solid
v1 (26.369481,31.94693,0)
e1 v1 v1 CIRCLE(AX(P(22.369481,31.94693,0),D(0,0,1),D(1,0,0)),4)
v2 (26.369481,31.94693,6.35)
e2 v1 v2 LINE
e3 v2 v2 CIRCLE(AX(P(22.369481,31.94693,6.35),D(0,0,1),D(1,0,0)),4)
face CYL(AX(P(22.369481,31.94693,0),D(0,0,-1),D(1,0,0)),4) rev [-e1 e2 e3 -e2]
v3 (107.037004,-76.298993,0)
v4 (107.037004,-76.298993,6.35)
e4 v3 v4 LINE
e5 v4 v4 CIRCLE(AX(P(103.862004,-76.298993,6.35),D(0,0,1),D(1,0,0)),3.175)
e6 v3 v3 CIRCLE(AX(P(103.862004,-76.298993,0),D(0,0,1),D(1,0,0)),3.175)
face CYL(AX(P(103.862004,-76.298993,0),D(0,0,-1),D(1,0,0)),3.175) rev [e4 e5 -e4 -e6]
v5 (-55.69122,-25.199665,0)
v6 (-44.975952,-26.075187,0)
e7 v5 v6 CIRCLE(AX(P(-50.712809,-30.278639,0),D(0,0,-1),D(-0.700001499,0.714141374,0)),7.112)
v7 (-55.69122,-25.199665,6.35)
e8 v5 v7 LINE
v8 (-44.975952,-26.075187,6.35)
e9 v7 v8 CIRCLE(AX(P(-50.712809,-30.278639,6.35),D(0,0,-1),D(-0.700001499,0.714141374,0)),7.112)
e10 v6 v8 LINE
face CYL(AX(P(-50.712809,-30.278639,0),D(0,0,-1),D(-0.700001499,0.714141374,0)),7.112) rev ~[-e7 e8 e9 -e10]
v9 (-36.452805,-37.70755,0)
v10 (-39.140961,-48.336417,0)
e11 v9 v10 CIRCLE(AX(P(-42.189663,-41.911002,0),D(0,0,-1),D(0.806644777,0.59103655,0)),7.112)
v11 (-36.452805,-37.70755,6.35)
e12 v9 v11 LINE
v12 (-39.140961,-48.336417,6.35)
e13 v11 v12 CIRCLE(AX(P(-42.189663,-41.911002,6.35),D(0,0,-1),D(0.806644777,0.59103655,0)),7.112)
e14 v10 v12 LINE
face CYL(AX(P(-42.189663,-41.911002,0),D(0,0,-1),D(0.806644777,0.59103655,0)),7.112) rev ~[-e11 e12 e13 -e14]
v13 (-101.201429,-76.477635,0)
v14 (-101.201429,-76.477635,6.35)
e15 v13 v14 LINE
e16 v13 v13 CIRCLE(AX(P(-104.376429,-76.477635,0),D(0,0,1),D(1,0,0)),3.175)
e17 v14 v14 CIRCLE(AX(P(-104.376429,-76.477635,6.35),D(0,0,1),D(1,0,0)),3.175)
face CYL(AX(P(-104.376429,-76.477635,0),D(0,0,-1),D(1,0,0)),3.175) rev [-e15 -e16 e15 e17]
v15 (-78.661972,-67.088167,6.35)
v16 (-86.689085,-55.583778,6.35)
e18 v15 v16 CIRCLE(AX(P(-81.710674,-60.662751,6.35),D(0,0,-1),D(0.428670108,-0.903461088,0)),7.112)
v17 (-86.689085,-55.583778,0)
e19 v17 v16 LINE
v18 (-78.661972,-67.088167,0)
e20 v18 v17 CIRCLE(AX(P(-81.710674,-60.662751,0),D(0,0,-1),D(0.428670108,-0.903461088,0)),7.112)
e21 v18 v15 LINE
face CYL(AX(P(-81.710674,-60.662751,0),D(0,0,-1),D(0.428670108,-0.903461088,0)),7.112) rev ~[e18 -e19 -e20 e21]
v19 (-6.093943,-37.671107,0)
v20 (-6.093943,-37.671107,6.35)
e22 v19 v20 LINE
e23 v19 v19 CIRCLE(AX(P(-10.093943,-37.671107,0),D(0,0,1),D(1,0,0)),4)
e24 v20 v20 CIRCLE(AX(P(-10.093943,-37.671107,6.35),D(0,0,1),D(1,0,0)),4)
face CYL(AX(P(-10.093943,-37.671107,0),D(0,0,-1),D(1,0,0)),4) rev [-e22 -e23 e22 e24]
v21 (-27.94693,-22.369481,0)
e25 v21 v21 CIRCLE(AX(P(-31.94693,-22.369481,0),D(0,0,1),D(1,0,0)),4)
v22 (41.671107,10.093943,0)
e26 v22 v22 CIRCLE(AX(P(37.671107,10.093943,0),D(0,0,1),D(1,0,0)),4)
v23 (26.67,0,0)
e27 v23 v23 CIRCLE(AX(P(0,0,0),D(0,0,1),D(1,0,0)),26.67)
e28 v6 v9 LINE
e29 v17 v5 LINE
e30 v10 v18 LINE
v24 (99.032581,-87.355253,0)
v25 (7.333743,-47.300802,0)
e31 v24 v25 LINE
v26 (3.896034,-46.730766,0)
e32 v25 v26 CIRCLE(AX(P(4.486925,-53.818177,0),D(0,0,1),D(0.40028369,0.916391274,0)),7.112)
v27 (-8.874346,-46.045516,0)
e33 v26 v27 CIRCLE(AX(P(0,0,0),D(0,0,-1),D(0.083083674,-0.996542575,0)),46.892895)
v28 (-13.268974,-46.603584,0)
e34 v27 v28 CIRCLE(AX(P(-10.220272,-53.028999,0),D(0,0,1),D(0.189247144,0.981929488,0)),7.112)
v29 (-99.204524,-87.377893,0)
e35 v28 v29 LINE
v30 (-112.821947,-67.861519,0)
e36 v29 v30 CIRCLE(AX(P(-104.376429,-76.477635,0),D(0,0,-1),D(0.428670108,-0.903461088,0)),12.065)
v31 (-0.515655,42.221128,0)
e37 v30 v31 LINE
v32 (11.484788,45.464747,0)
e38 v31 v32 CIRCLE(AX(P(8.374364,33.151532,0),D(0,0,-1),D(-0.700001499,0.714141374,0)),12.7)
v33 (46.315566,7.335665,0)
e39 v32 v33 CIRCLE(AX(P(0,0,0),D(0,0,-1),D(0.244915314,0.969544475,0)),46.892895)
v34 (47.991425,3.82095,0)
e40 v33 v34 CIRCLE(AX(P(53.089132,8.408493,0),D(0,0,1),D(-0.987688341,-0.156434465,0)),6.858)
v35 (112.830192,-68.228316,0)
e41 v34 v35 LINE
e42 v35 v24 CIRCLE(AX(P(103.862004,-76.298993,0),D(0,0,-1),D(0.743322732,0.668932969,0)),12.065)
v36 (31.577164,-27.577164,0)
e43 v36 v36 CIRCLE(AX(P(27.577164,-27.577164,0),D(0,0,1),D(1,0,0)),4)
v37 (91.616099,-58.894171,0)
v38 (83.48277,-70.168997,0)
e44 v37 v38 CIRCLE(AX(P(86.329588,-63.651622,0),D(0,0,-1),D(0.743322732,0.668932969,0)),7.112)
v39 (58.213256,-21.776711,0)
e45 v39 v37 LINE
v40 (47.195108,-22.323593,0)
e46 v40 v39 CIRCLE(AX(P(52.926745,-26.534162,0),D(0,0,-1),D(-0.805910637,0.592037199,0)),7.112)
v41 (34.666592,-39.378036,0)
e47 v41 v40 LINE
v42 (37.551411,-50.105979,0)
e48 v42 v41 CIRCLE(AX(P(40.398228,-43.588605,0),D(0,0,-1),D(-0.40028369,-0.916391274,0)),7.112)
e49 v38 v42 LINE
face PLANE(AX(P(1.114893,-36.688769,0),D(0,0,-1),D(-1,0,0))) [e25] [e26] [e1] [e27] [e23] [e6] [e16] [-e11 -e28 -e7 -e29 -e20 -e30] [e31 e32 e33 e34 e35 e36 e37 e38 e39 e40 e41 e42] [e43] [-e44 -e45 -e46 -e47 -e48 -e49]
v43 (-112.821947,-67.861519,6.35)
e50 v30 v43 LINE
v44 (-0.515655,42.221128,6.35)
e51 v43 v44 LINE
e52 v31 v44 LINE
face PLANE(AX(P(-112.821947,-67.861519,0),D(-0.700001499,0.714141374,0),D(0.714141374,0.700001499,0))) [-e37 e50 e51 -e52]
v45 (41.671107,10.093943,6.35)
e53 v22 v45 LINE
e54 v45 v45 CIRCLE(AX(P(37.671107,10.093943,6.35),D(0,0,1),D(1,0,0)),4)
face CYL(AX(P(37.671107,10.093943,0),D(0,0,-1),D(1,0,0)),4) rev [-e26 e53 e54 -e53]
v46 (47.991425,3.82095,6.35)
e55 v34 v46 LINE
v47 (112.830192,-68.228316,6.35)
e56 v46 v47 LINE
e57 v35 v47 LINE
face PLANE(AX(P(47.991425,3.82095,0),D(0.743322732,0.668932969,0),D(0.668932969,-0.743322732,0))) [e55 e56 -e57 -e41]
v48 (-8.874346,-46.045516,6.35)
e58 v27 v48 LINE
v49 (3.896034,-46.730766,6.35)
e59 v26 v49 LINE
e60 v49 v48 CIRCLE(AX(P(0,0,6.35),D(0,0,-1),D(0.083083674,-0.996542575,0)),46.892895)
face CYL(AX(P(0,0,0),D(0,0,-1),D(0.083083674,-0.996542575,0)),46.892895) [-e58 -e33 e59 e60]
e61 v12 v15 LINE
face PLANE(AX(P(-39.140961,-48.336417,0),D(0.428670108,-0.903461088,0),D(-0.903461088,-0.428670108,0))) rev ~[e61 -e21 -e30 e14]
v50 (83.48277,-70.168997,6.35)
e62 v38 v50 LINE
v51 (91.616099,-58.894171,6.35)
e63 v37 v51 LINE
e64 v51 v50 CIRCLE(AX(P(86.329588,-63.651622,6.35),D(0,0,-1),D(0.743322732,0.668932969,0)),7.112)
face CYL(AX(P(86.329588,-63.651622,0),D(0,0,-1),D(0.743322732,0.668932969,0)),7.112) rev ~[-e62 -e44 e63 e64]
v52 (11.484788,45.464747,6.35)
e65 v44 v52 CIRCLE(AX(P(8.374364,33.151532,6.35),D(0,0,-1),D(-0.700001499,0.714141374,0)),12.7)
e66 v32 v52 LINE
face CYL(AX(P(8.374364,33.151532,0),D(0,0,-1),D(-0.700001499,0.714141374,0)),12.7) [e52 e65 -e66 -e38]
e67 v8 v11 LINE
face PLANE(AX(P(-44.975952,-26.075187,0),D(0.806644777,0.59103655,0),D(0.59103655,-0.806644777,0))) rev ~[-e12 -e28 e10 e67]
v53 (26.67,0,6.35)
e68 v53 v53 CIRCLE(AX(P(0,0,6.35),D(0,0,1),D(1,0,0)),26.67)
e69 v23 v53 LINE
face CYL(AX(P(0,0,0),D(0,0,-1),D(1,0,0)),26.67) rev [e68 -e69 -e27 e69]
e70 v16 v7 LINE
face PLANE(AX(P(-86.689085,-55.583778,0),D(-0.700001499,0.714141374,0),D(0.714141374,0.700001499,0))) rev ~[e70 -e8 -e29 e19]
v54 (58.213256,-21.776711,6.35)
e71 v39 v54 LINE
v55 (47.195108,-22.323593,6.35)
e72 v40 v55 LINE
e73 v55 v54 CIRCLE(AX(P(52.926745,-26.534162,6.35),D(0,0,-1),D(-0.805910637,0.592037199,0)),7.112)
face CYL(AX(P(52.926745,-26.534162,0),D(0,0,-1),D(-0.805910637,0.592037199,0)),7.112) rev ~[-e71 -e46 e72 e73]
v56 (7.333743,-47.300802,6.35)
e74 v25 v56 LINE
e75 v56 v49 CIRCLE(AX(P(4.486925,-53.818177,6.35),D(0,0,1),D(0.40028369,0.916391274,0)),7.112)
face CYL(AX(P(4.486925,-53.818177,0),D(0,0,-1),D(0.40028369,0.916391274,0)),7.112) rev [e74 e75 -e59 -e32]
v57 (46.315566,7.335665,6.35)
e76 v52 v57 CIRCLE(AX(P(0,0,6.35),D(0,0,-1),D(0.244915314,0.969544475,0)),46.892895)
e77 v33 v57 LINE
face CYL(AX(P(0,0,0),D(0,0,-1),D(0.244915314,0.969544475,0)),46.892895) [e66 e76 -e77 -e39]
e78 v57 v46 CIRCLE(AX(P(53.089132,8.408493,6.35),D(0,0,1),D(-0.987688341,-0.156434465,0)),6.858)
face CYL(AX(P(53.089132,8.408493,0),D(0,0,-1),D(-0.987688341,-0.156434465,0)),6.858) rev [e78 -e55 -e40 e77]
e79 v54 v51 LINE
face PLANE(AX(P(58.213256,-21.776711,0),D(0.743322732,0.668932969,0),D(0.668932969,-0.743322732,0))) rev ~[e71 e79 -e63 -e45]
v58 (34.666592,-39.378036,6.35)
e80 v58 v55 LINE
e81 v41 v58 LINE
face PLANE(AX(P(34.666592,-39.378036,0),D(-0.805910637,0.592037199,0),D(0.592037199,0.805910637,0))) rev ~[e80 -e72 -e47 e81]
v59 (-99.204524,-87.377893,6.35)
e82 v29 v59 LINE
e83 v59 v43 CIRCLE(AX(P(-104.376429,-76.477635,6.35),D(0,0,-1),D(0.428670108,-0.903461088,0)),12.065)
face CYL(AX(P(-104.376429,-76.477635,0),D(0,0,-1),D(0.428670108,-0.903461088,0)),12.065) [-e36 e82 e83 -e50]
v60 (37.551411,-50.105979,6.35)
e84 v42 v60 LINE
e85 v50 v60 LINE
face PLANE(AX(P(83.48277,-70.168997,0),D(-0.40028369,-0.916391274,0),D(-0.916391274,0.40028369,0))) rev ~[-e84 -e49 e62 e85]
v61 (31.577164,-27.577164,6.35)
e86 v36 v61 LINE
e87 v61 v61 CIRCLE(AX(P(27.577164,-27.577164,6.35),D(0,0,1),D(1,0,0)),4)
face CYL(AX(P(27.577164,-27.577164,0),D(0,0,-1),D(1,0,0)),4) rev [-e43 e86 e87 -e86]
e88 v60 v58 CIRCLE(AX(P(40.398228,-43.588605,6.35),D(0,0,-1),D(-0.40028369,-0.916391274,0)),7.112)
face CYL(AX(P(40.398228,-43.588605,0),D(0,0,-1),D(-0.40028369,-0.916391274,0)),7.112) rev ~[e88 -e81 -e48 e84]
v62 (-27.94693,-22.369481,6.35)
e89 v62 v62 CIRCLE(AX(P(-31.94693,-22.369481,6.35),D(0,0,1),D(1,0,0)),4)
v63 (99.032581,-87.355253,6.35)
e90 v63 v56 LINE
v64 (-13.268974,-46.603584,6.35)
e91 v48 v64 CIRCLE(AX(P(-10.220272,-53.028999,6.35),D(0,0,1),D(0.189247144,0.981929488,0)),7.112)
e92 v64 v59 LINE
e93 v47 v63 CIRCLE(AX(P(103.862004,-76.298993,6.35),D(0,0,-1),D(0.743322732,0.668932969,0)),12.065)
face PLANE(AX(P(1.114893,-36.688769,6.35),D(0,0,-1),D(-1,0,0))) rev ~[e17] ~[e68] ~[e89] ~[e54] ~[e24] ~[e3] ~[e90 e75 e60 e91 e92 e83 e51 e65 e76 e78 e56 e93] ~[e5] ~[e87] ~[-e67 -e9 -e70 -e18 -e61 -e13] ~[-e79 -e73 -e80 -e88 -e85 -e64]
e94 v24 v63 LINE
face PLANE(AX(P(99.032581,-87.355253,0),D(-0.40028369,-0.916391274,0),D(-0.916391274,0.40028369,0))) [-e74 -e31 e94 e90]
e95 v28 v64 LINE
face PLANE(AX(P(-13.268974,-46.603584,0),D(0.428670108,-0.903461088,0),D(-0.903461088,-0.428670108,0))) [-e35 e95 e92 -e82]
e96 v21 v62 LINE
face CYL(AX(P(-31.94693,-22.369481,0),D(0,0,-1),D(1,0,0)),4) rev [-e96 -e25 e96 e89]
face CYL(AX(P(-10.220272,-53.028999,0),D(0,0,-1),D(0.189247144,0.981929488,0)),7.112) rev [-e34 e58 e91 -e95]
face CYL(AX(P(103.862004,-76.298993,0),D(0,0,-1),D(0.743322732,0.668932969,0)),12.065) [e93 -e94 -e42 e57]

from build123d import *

# Parameters (mm, degrees)
SKETCH4_R           = 26.67
SKETCH4_R_2         = 3.175
SKETCH4_R_3         = 4
BOSS_EXTRUDE1_DEPTH = 6.35


with BuildPart() as part:
    # Sketch4 → Boss-Extrude1 (new body)
    with BuildSketch(Plane.XY):
        with BuildLine():
            Line((-112.821947343, -67.861519054), (-0.515655425, 42.221127865))
            ThreePointArc((-0.515655425, 42.221127865), (5.060574998, 45.411581565), (11.484788098, 45.464747253))
            ThreePointArc((11.484788098, 45.464747253), (34.621914338, 31.626992395), (46.315565637, 7.335664942))
            ThreePointArc((46.315565637, 7.335664942), (46.8988099, 5.456870428), (47.991424982, 3.820950204))
            Line((47.991424982, 3.820950204), (112.830192448, -68.228316343))
            ThreePointArc((112.830192448, -68.228316343), (113.646801884, -83.357459106), (99.032580967, -87.355253332))
            Line((99.032580967, -87.355253332), (7.333742713, -47.300802353))
            ThreePointArc((7.333742713, -47.300802353), (5.650340933, -46.801981002), (3.896034016, -46.730766304))
            ThreePointArc((3.896034016, -46.730766304), (-2.51262623, -46.825530534), (-8.874346459, -46.045516343))
            ThreePointArc((-8.874346459, -46.045516343), (-11.116219354, -45.973658852), (-13.268973959, -46.603583598))
            Line((-13.268973959, -46.603583598), (-99.204524399, -87.377892758))
            ThreePointArc((-99.204524399, -87.377892758), (-114.270940187, -83.381465438), (-112.821947343, -67.861519054))
        make_face()
        Circle(SKETCH4_R, mode=Mode.SUBTRACT)
        with Locations((103.862003689, -76.298992609)):
            Circle(SKETCH4_R_2, mode=Mode.SUBTRACT)
        with Locations((-104.376429258, -76.477634727)):
            Circle(SKETCH4_R_2, mode=Mode.SUBTRACT)
        with Locations((-10.093942759, -37.671107225)):
            Circle(SKETCH4_R_3, mode=Mode.SUBTRACT)
        with Locations((-31.946929727, -22.369481018)):
            Circle(SKETCH4_R_3, mode=Mode.SUBTRACT)
        with Locations((27.577164466, -27.577164466)):
            Circle(SKETCH4_R_3, mode=Mode.SUBTRACT)
        with Locations((37.671107225, 10.093942759)):
            Circle(SKETCH4_R_3, mode=Mode.SUBTRACT)
        with Locations((22.369481018, 31.946929727)):
            Circle(SKETCH4_R_3, mode=Mode.SUBTRACT)
        with BuildLine():
            Line((-86.689084945, -55.583778017), (-55.691219904, -25.199665298))
            ThreePointArc((-55.691219904, -25.199665298), (-50.133633158, -23.190261002), (-44.975951587, -26.075186805))
            Line((-44.975951587, -26.075186805), (-36.452805068, -37.70754969))
            ThreePointArc((-36.452805068, -37.70754969), (-35.294757483, -43.654797982), (-39.140960913, -48.336416892))
            Line((-39.140960913, -48.336416892), (-78.661972473, -67.088166726))
            ThreePointArc((-78.661972473, -67.088166726), (-87.543228095, -64.73237799), (-86.689084945, -55.583778017))
        make_face(mode=Mode.SUBTRACT)
        with BuildLine():
            Line((34.66659199, -39.378036032), (47.195108172, -22.323593379))
            ThreePointArc((47.195108172, -22.323593379), (52.574176498, -19.430906367), (58.213255891, -21.776710666))
            Line((58.213255891, -21.776710666), (91.616099201, -58.894170716))
            ThreePointArc((91.616099201, -58.894170716), (92.097468974, -67.812402239), (83.482770328, -70.16899673))
            Line((83.482770328, -70.16899673), (37.551410836, -50.105979333))
            ThreePointArc((37.551410836, -50.105979333), (33.530211234, -45.435462365), (34.66659199, -39.378036032))
        make_face(mode=Mode.SUBTRACT)
    extrude(amount=BOSS_EXTRUDE1_DEPTH)


solid = part.part
